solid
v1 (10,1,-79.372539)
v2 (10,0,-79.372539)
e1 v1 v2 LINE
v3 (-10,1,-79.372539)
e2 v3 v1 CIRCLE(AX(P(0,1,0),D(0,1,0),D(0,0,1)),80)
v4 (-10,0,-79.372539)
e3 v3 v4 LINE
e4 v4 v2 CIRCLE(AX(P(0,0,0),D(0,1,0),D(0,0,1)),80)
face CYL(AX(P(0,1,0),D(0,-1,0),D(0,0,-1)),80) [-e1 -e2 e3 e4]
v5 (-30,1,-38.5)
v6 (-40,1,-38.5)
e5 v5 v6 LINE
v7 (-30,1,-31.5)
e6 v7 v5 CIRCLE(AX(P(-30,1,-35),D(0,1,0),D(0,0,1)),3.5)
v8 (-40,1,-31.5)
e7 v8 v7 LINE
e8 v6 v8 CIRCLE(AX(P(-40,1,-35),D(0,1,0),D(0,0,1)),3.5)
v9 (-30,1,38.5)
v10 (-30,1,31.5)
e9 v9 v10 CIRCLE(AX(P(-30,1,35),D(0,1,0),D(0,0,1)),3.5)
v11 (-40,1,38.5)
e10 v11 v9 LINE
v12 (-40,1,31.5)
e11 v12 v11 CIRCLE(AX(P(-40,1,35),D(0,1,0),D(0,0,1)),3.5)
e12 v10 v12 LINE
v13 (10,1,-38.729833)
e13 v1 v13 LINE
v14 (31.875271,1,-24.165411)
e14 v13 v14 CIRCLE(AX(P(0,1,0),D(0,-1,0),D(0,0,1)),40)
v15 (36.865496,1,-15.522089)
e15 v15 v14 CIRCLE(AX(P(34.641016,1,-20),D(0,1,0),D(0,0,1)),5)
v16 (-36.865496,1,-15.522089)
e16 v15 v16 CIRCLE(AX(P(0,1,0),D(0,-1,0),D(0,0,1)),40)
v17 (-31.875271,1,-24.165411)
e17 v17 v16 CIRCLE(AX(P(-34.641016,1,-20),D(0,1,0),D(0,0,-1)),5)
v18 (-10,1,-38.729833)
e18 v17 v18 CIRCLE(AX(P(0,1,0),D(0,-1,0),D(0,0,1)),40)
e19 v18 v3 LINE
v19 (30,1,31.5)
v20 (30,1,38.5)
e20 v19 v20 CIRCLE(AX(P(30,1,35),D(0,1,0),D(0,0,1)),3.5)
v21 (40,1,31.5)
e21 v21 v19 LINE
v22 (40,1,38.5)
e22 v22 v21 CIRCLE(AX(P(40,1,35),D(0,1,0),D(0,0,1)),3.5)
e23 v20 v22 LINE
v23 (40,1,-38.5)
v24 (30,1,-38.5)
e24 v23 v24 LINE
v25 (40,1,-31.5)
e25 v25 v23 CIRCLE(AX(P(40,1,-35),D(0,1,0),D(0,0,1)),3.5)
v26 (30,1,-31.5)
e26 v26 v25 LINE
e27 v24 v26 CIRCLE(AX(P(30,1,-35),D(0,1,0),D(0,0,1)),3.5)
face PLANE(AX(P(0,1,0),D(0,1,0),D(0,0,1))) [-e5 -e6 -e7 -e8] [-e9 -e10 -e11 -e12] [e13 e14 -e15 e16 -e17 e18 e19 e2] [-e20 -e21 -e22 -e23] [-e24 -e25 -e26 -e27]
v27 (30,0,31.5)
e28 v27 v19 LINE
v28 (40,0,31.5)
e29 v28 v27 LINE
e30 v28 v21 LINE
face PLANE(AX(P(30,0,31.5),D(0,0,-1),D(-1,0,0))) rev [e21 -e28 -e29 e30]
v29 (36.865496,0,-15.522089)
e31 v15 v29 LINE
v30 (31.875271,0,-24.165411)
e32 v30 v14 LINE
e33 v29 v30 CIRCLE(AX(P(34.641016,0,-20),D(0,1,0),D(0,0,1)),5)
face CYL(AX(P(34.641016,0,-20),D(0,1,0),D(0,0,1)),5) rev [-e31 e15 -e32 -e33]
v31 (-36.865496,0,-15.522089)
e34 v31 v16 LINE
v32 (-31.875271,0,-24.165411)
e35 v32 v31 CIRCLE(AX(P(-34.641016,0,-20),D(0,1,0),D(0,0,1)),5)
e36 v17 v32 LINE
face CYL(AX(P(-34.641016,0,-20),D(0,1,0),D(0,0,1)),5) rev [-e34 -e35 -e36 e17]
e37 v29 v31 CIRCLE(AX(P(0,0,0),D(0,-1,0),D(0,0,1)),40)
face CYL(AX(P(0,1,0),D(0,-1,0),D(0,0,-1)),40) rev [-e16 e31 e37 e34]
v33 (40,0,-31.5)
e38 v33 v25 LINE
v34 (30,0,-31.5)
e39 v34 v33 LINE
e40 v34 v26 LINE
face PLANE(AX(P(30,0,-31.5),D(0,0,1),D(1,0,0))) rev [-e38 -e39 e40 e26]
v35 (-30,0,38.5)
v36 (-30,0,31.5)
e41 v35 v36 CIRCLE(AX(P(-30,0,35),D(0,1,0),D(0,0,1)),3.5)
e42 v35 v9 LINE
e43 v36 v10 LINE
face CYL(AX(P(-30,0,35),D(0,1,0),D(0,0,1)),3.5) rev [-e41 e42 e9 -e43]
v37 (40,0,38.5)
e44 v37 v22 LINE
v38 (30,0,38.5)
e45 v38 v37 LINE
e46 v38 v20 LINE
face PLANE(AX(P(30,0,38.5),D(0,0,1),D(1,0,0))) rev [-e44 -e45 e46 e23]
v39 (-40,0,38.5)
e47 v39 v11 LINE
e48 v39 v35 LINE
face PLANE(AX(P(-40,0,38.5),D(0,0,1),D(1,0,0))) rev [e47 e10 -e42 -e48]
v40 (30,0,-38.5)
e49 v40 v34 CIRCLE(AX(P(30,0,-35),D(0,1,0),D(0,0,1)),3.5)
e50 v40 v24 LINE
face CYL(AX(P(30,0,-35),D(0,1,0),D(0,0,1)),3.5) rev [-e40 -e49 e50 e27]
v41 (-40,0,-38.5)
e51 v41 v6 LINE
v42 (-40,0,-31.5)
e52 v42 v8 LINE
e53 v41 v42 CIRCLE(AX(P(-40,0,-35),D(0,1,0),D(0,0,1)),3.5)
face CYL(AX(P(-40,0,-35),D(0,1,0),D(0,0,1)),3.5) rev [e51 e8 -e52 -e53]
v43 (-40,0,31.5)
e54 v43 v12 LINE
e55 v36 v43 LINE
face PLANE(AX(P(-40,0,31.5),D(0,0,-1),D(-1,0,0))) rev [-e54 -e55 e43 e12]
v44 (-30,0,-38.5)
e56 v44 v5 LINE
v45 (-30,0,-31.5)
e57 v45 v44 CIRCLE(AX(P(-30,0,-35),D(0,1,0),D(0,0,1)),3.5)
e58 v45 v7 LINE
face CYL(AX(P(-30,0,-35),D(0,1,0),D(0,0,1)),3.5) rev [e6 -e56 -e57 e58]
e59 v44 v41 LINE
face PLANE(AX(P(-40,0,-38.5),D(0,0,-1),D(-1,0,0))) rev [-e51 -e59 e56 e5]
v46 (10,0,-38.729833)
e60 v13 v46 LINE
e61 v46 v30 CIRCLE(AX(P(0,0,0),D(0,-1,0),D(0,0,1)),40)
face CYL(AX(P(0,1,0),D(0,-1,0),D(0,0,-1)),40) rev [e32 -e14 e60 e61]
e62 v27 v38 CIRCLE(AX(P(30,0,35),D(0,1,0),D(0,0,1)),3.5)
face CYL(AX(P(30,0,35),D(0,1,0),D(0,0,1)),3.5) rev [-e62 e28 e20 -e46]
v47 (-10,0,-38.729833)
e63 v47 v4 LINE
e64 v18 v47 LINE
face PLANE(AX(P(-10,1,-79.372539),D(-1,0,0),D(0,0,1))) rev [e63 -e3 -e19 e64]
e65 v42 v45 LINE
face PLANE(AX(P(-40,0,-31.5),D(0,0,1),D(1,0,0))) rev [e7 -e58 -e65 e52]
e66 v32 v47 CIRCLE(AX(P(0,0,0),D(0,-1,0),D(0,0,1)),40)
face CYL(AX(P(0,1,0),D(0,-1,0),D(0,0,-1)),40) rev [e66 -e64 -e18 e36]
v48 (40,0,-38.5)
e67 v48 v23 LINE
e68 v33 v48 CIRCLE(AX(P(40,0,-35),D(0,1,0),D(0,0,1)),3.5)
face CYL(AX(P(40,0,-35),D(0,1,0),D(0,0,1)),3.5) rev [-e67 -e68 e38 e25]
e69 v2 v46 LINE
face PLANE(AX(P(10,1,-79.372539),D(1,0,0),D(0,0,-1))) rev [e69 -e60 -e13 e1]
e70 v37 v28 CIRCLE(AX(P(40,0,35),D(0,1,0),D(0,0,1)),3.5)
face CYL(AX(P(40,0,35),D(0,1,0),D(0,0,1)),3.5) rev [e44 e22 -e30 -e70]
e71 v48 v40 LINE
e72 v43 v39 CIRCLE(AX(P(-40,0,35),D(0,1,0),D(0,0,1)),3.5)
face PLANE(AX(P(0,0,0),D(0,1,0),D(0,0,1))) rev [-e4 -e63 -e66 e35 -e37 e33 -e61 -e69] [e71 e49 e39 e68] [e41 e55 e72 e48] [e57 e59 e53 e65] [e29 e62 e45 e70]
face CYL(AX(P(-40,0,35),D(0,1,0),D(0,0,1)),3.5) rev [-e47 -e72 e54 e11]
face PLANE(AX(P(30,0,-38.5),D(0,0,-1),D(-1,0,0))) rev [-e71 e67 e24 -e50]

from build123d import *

# Parameters (mm, degrees)
EXTRUDE_1_DEPTH     = 1
CUT_EXTRUDE_1_DEPTH = 1
SKETCH_4_R          = 5
CUT_EXTRUDE_2_DEPTH = 1


with BuildPart() as part:
    # 草图1 → 凸台-拉伸1 (new body)
    with BuildSketch(Plane(origin=(0, 0, 0), x_dir=(1, 0, 0), z_dir=(0, 1, 0))):
        with BuildLine():
            Line((-10, 79.372539332), (-10, 38.729833462))
            ThreePointArc((-10, 38.729833462), (0, -40), (10, 38.729833462))
            Line((10, 38.729833462), (10, 79.372539332))
            ThreePointArc((10, 79.372539332), (0, -80), (-10, 79.372539332))
        make_face()
    extrude(amount=EXTRUDE_1_DEPTH)

    # 草图2 → 切除-拉伸1 (cut)
    with BuildSketch(Plane(origin=(0, 1, 0), x_dir=(1, 0, 0), z_dir=(0, 1, 0))):
        with BuildLine():
            Line((-40, 38.5), (-30, 38.5))
            ThreePointArc((-30, 38.5), (-26.5, 35), (-30, 31.5))
            Line((-30, 31.5), (-40, 31.5))
            ThreePointArc((-40, 31.5), (-43.5, 35), (-40, 38.5))
        make_face()
        with BuildLine():
            Line((30, 38.5), (40, 38.5))
            ThreePointArc((40, 38.5), (43.5, 35), (40, 31.5))
            Line((40, 31.5), (30, 31.5))
            ThreePointArc((30, 31.5), (26.5, 35), (30, 38.5))
        make_face()
        with BuildLine():
            Line((30, -31.5), (40, -31.5))
            ThreePointArc((40, -31.5), (43.5, -35), (40, -38.5))
            Line((40, -38.5), (30, -38.5))
            ThreePointArc((30, -38.5), (26.5, -35), (30, -31.5))
        make_face()
        with BuildLine():
            Line((-40, -31.5), (-30, -31.5))
            ThreePointArc((-30, -31.5), (-26.5, -35), (-30, -38.5))
            Line((-30, -38.5), (-40, -38.5))
            ThreePointArc((-40, -38.5), (-43.5, -35), (-40, -31.5))
        make_face()
    extrude(amount=-CUT_EXTRUDE_1_DEPTH, mode=Mode.SUBTRACT)

    # 草图4 → 切除-拉伸2 (cut)
    with BuildSketch(Plane(origin=(0, 1, 0), x_dir=(1, 0, 0), z_dir=(0, 1, 0))):
        with Locations((34.641016151, 20)):
            Circle(SKETCH_4_R)
        with Locations((-34.641016151, 20)):
            Circle(SKETCH_4_R)
    extrude(amount=-CUT_EXTRUDE_2_DEPTH, mode=Mode.SUBTRACT)


solid = part.part
